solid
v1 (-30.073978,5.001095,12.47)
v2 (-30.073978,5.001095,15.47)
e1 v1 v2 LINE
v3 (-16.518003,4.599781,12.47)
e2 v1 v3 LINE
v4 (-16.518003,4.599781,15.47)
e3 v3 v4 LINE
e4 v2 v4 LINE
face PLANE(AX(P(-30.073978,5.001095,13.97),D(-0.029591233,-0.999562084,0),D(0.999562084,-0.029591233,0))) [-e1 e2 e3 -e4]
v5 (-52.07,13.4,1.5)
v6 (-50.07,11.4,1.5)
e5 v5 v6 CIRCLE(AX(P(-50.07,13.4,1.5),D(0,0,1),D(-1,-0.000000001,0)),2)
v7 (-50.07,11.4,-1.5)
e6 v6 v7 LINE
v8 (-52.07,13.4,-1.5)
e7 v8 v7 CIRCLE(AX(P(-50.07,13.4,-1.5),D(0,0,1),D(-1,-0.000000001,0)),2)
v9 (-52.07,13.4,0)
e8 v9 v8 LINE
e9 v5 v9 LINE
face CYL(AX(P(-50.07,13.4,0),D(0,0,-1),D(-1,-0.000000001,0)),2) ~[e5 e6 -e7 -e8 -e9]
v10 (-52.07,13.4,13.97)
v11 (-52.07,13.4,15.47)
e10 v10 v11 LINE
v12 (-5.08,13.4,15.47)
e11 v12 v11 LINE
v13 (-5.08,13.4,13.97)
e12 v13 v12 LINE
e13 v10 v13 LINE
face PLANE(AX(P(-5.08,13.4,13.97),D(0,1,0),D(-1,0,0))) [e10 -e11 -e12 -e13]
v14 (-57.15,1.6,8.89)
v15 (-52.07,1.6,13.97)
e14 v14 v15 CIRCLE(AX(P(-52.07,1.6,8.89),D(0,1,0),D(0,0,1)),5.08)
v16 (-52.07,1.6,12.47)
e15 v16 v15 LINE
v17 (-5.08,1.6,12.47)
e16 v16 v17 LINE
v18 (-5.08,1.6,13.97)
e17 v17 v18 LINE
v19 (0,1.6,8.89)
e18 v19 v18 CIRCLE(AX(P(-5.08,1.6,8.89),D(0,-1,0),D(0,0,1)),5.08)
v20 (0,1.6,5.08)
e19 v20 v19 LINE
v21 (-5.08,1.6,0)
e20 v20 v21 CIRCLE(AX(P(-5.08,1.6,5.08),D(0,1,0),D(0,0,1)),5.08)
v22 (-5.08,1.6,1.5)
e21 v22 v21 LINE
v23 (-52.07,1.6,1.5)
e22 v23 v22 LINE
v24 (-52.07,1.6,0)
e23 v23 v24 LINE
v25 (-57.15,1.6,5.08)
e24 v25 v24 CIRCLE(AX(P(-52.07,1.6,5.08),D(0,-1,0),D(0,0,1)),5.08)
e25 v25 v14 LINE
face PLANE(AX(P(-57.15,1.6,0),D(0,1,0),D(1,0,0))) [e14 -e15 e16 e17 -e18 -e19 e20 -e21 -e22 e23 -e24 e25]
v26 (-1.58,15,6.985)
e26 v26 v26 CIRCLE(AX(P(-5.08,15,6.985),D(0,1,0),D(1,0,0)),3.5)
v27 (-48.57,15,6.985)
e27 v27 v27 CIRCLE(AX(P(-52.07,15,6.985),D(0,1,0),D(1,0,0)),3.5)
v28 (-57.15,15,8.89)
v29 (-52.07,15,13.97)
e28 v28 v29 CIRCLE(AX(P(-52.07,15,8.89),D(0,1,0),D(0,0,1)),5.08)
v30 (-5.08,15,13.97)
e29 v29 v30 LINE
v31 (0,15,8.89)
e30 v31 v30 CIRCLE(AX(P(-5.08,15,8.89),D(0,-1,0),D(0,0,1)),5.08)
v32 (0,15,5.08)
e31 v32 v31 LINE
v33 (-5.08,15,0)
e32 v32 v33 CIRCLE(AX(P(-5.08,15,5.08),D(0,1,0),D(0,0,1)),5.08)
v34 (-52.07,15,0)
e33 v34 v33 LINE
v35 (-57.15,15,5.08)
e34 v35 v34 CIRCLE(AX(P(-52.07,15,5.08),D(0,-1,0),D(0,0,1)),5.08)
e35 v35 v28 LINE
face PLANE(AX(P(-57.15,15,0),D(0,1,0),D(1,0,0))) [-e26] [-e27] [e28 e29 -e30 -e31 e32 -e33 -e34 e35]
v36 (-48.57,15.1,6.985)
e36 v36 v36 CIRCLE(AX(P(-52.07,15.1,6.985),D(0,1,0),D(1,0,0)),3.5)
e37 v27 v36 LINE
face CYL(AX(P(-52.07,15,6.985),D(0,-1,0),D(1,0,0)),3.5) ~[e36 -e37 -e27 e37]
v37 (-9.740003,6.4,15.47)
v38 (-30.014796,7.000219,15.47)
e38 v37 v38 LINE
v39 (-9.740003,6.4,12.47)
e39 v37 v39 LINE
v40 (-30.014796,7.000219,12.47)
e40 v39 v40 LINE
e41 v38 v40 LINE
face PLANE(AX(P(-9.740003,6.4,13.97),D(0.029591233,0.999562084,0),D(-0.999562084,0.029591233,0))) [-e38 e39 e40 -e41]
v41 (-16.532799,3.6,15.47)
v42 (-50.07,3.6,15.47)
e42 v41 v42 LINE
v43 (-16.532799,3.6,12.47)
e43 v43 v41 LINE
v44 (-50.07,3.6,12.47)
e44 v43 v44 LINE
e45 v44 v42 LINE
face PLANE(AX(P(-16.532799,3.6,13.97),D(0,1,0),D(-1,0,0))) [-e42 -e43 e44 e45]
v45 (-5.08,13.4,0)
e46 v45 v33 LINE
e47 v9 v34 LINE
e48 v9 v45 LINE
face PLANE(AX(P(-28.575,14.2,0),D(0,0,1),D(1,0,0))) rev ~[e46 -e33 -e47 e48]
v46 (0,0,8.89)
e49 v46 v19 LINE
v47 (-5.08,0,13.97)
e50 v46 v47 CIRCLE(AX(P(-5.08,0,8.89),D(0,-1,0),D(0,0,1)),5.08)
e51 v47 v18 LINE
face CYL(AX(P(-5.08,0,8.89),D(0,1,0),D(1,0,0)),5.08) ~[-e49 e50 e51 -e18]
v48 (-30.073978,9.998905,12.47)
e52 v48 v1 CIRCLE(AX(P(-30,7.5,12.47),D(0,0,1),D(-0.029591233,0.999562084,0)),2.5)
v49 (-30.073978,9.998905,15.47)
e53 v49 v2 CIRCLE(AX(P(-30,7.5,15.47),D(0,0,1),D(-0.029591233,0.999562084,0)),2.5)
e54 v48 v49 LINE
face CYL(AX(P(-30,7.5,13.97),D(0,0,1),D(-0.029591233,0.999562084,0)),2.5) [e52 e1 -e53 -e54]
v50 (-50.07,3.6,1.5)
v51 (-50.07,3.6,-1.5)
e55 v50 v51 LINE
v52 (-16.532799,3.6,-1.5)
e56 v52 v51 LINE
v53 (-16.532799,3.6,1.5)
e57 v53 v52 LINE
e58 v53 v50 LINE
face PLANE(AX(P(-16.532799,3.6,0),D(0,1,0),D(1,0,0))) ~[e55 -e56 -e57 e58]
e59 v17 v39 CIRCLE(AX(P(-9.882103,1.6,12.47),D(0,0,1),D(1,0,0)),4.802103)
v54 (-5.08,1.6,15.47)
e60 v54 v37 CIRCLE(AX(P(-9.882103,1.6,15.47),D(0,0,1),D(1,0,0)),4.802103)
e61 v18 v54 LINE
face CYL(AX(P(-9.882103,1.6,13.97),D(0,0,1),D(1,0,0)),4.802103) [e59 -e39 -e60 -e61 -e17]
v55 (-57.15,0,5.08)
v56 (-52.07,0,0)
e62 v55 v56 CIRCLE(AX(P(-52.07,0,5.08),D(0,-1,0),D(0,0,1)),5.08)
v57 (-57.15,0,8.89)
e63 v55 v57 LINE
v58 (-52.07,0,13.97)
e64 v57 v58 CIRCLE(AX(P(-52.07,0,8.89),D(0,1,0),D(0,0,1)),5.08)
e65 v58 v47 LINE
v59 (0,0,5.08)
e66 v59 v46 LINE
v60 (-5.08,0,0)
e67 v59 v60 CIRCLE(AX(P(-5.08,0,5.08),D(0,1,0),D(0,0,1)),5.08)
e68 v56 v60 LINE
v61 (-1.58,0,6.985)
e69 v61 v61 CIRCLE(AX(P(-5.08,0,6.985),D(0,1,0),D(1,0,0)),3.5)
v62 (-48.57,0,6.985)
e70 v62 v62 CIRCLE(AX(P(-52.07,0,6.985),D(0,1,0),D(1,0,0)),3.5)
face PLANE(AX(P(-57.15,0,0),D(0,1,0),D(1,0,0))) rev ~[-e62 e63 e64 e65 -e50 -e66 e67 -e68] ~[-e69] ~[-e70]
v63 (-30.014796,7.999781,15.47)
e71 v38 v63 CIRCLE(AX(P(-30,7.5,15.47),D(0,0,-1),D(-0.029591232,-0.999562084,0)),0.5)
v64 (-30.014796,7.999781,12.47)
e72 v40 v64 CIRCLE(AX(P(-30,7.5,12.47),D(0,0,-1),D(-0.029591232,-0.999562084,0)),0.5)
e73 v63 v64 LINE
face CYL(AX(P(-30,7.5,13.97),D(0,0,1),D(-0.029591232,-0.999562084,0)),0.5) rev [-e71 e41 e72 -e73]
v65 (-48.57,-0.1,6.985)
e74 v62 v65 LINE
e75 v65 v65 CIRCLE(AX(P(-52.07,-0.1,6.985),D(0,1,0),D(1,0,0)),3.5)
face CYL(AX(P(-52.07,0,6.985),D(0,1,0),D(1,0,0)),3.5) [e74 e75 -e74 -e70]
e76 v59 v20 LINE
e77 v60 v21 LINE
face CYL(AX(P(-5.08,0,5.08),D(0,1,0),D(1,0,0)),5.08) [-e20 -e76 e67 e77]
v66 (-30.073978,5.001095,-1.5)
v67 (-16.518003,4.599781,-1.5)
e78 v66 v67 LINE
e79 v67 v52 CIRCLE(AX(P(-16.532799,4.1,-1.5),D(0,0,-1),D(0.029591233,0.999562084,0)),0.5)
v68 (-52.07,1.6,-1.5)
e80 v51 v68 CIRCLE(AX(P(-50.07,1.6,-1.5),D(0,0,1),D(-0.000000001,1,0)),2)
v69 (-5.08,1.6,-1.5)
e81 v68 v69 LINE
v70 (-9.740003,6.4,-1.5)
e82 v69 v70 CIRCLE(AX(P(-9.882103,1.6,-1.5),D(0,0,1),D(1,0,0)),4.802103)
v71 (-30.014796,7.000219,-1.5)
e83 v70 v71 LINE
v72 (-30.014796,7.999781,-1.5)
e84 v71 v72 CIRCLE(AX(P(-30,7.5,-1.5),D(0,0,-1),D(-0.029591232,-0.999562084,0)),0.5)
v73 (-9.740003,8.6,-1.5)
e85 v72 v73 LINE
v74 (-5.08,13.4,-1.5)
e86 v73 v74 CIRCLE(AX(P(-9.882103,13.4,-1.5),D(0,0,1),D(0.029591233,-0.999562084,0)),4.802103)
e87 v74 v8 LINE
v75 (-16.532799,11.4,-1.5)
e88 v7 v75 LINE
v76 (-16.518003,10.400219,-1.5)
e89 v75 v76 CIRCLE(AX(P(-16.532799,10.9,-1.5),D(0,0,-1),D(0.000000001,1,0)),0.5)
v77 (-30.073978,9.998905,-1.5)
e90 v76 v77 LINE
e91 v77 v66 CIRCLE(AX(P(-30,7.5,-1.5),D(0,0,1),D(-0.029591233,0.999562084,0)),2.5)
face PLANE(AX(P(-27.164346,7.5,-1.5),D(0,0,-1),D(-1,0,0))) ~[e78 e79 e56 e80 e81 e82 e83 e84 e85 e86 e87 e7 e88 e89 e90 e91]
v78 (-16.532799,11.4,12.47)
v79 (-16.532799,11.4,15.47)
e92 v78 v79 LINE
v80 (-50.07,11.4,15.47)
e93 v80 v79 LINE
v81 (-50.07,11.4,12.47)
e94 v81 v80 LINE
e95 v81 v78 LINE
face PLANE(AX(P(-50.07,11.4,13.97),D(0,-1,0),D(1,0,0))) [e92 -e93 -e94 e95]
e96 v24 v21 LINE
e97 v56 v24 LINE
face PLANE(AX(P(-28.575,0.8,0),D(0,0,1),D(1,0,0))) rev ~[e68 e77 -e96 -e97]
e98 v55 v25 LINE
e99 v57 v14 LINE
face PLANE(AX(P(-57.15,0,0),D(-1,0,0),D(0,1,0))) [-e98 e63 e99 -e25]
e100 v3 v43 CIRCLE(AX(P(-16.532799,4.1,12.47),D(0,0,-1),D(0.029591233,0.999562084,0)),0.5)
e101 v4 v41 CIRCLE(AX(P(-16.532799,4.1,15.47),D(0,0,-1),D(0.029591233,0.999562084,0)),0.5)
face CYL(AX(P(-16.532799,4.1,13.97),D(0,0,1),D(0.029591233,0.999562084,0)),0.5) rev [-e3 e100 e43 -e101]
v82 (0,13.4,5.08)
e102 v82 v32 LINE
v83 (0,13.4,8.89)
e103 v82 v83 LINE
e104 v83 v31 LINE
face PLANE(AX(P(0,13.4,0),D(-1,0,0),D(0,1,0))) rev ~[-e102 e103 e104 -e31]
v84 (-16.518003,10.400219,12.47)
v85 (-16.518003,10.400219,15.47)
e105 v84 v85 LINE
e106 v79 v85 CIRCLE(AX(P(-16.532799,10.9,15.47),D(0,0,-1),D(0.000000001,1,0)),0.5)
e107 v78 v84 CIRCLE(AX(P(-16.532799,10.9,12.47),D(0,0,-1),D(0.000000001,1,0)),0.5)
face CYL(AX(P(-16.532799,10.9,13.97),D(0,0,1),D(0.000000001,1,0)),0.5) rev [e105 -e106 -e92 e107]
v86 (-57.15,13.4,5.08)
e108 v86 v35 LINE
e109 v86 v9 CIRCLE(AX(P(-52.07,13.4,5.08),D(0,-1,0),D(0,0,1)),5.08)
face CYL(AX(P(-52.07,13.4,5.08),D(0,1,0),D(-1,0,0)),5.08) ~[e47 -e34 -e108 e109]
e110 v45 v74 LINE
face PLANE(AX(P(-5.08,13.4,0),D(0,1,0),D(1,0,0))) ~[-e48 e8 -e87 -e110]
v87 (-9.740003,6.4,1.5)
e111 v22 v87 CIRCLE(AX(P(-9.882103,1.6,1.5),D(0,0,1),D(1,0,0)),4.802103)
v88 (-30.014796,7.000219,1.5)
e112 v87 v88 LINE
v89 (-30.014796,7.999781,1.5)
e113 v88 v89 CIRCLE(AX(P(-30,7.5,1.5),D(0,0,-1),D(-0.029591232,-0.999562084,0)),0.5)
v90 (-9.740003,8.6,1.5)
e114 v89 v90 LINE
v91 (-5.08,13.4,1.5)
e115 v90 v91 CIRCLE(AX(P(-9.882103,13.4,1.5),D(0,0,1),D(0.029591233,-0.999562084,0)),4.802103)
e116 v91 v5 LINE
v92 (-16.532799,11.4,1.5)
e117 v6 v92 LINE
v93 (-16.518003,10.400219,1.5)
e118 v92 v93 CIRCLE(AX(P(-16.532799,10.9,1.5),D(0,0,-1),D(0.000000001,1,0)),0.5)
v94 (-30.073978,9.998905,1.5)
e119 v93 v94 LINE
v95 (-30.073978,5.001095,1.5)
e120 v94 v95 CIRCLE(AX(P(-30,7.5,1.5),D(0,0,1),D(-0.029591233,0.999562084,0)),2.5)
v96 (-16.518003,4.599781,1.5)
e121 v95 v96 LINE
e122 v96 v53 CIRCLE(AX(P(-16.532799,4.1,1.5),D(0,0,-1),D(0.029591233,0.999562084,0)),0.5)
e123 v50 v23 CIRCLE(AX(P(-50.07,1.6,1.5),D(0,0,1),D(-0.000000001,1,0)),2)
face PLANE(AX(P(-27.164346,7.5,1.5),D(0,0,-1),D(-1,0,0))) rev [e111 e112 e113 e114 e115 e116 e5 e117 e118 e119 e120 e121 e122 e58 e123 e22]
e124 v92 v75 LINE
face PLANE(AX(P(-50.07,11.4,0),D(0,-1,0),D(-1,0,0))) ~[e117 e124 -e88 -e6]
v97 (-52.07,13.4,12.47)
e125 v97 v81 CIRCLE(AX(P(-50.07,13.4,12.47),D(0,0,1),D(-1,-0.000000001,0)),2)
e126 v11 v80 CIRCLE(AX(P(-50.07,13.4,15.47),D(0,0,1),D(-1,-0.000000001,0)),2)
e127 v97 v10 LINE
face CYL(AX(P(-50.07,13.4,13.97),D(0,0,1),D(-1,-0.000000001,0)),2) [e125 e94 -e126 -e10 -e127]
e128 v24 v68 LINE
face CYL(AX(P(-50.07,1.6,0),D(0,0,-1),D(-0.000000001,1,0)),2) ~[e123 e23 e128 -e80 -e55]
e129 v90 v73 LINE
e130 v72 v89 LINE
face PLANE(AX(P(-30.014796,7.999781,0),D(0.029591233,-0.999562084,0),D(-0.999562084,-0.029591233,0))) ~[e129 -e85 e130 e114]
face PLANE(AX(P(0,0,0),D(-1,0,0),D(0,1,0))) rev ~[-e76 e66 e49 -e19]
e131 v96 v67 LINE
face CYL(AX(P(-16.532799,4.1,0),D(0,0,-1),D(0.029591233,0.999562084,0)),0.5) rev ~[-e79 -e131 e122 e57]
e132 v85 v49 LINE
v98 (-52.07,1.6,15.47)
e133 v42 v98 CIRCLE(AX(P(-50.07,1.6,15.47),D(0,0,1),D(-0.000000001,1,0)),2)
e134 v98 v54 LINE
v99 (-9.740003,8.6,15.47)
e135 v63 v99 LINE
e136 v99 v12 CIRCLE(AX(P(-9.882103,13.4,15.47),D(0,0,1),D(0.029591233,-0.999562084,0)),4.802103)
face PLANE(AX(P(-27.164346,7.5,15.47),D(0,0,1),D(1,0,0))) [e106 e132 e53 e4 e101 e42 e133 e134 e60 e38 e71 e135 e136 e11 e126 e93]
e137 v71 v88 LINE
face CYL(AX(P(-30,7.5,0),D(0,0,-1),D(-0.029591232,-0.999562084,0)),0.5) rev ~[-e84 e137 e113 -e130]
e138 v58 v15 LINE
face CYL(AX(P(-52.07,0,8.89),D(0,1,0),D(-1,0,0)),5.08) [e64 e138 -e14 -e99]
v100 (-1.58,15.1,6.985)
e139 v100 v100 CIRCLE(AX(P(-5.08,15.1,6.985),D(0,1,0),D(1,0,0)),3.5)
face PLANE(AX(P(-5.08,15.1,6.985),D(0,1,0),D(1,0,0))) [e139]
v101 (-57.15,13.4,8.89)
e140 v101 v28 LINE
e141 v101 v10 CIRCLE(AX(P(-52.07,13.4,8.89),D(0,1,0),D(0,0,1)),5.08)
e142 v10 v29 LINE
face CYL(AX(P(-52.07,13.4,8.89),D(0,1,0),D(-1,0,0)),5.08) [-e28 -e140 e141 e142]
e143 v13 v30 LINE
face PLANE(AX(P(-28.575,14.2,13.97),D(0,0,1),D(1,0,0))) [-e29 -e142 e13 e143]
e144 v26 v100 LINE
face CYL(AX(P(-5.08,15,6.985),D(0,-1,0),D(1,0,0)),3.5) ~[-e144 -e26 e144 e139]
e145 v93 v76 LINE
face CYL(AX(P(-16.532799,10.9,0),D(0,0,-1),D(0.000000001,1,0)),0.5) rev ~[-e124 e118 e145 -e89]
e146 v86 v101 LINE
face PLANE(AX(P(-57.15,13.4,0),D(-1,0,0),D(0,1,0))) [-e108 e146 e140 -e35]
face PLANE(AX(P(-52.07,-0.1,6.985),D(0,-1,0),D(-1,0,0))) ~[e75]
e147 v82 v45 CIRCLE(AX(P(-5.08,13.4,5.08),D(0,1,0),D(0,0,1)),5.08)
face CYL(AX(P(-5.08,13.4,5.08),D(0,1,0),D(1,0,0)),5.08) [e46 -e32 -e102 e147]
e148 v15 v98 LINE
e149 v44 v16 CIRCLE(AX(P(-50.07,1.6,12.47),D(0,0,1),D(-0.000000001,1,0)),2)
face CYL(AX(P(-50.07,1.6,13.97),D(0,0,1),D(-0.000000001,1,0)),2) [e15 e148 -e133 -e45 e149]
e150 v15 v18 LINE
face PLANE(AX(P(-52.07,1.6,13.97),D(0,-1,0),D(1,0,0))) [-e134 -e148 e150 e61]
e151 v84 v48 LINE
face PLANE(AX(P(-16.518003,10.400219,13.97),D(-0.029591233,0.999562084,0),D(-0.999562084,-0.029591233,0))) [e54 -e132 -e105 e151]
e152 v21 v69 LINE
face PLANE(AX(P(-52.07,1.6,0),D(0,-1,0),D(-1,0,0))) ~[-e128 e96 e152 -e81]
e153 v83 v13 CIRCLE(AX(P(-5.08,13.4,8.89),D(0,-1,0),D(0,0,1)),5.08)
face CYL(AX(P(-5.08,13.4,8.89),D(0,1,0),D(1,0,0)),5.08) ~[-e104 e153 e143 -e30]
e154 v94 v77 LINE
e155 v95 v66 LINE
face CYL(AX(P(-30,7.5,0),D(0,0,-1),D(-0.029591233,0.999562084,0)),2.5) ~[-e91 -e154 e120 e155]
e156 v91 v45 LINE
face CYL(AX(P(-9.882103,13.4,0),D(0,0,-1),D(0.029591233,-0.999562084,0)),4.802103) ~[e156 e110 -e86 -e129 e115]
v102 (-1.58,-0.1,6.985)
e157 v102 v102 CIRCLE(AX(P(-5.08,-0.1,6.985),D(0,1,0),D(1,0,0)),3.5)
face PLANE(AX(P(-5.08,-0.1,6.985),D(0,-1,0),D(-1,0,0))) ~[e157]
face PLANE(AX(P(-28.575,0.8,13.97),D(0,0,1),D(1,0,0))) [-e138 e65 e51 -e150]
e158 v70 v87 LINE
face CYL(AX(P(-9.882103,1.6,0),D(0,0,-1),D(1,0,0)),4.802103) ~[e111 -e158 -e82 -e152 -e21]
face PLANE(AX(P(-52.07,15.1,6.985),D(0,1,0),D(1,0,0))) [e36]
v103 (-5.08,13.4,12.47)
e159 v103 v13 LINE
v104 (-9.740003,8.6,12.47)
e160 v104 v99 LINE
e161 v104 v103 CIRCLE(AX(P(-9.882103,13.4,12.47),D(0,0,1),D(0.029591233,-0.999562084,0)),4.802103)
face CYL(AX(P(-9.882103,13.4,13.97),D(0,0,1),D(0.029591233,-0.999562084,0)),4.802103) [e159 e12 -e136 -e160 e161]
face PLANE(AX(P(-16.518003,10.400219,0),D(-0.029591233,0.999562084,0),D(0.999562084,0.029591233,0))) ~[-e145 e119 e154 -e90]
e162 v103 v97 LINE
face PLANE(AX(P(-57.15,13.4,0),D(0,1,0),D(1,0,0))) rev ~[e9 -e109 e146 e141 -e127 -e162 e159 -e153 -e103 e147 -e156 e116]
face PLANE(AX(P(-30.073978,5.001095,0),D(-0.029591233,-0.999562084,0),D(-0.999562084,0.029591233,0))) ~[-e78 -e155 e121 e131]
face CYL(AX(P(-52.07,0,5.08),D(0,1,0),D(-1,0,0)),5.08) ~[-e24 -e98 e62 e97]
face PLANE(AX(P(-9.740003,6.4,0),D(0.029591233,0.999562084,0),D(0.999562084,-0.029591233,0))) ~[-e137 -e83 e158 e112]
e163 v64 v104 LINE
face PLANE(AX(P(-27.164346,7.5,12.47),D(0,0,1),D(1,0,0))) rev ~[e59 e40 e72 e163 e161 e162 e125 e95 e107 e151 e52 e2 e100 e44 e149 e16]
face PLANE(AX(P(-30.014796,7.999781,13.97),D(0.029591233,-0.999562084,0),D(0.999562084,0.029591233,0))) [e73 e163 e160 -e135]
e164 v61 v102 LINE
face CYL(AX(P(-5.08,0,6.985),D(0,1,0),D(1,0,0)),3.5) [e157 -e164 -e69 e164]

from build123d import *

# Parameters (mm, degrees)
SKETCH1_W             = 57.15
SKETCH1_H             = 1.6
BOSS_EXTRUDE1_DEPTH   = 13.97
BOSS_EXTRUDE1_2_DEPTH = 13.97
FILLET1_R             = 5.08
FILLET2_R             = 5.08
BOSS_EXTRUDE3_DEPTH   = 1.5
SKETCH3_R             = 3.5
BOSS_EXTRUDE4_DEPTH   = 0.1


with BuildPart() as part:
    # Sketch1 → Boss-Extrude1 (new body)
    with BuildSketch(Plane.XY):
        with Locations((-28.575, 0.8)):
            Rectangle(SKETCH1_W, SKETCH1_H)
    extrude(amount=BOSS_EXTRUDE1_DEPTH)

    # Fillet2
    fillet2_edges = [part.edges().sort_by_distance(p)[0] for p in [
        (-57.15, 0.8, 13.97),
        (0, 0.8, 13.97),
        (-57.15, 0.8, 0),
        (0, 0.8, 0),
    ]]
    fillet(fillet2_edges, radius=FILLET2_R)



with BuildPart() as body_2:
    # Sketch1 → Boss-Extrude1 2 (new body)
    with BuildSketch(Plane.XY):
        with Locations((-28.575, 14.2)):
            Rectangle(SKETCH1_W, SKETCH1_H)
    extrude(amount=BOSS_EXTRUDE1_2_DEPTH)

    # Fillet1
    fillet1_edges = [body_2.edges().sort_by_distance(p)[0] for p in [
        (-57.15, 14.2, 13.97),
        (0, 14.2, 13.97),
        (-57.15, 14.2, 0),
        (0, 14.2, 0),
    ]]
    fillet(fillet1_edges, radius=FILLET1_R)


with BuildPart() as part_1:
    add(part.part)

    add(body_2.part)  # Boss-Extrude3 merges body 2
    # Sketch2 → Boss-Extrude3 (add, symmetric)
    with BuildSketch(Plane.XY.offset(13.97)):
        with BuildLine():
            Line((-30.014795616, 7.999781042), (-9.740002775, 8.6))
            ThreePointArc((-9.740002775, 8.6), (-6.43662966, 10.055017718), (-5.08, 13.4))
            Line((-5.08, 13.4), (-52.07, 13.4))
            ThreePointArc((-52.07, 13.4), (-51.484213562, 11.985786438), (-50.07, 11.4))
            Line((-50.07, 11.4), (-16.532798801, 11.4))
            ThreePointArc((-16.532798801, 11.4), (-16.032853544, 10.907398618), (-16.518003185, 10.400218958))
            Line((-16.518003185, 10.400218958), (-30.073978082, 9.998905209))
            ThreePointArc((-30.073978082, 9.998905209), (-32.5, 7.5), (-30.073978082, 5.001094791))
            Line((-30.073978082, 5.001094791), (-16.518003185, 4.599781042))
            ThreePointArc((-16.518003185, 4.599781042), (-16.032853544, 4.092601382), (-16.532798801, 3.6))
            Line((-16.532798801, 3.6), (-50.07, 3.6))
            ThreePointArc((-50.07, 3.6), (-51.484213562, 3.014213562), (-52.07, 1.6))
            Line((-52.07, 1.6), (-5.08, 1.6))
            ThreePointArc((-5.08, 1.6), (-6.43662966, 4.944982282), (-9.740002775, 6.4))
            Line((-9.740002775, 6.4), (-30.014795616, 7.000218958))
            ThreePointArc((-30.014795616, 7.000218958), (-30.5, 7.5), (-30.014795616, 7.999781042))
        make_face()
    boss_extrude3 = extrude(amount=BOSS_EXTRUDE3_DEPTH, both=True)

    # Mirror2: Boss-Extrude3 across plane
    add(boss_extrude3.mirror(Plane(origin=(0, 0, 6.985), x_dir=(1, 0, 0), z_dir=(0, 0, -1))))

    # Sketch3 → Boss-Extrude4 (add)
    with BuildSketch(Plane(origin=(0, 15, 0), x_dir=(1, 0, 0), z_dir=(0, 1, 0))):
        with Locations((-5.08, -6.985)):
            Circle(SKETCH3_R)
        with Locations((-52.07, -6.985)):
            Circle(SKETCH3_R)
    boss_extrude4 = extrude(amount=BOSS_EXTRUDE4_DEPTH)

    # Mirror3: Boss-Extrude4 across plane
    add(boss_extrude4.mirror(Plane.ZX.offset(7.5)))


solid = part_1.part
